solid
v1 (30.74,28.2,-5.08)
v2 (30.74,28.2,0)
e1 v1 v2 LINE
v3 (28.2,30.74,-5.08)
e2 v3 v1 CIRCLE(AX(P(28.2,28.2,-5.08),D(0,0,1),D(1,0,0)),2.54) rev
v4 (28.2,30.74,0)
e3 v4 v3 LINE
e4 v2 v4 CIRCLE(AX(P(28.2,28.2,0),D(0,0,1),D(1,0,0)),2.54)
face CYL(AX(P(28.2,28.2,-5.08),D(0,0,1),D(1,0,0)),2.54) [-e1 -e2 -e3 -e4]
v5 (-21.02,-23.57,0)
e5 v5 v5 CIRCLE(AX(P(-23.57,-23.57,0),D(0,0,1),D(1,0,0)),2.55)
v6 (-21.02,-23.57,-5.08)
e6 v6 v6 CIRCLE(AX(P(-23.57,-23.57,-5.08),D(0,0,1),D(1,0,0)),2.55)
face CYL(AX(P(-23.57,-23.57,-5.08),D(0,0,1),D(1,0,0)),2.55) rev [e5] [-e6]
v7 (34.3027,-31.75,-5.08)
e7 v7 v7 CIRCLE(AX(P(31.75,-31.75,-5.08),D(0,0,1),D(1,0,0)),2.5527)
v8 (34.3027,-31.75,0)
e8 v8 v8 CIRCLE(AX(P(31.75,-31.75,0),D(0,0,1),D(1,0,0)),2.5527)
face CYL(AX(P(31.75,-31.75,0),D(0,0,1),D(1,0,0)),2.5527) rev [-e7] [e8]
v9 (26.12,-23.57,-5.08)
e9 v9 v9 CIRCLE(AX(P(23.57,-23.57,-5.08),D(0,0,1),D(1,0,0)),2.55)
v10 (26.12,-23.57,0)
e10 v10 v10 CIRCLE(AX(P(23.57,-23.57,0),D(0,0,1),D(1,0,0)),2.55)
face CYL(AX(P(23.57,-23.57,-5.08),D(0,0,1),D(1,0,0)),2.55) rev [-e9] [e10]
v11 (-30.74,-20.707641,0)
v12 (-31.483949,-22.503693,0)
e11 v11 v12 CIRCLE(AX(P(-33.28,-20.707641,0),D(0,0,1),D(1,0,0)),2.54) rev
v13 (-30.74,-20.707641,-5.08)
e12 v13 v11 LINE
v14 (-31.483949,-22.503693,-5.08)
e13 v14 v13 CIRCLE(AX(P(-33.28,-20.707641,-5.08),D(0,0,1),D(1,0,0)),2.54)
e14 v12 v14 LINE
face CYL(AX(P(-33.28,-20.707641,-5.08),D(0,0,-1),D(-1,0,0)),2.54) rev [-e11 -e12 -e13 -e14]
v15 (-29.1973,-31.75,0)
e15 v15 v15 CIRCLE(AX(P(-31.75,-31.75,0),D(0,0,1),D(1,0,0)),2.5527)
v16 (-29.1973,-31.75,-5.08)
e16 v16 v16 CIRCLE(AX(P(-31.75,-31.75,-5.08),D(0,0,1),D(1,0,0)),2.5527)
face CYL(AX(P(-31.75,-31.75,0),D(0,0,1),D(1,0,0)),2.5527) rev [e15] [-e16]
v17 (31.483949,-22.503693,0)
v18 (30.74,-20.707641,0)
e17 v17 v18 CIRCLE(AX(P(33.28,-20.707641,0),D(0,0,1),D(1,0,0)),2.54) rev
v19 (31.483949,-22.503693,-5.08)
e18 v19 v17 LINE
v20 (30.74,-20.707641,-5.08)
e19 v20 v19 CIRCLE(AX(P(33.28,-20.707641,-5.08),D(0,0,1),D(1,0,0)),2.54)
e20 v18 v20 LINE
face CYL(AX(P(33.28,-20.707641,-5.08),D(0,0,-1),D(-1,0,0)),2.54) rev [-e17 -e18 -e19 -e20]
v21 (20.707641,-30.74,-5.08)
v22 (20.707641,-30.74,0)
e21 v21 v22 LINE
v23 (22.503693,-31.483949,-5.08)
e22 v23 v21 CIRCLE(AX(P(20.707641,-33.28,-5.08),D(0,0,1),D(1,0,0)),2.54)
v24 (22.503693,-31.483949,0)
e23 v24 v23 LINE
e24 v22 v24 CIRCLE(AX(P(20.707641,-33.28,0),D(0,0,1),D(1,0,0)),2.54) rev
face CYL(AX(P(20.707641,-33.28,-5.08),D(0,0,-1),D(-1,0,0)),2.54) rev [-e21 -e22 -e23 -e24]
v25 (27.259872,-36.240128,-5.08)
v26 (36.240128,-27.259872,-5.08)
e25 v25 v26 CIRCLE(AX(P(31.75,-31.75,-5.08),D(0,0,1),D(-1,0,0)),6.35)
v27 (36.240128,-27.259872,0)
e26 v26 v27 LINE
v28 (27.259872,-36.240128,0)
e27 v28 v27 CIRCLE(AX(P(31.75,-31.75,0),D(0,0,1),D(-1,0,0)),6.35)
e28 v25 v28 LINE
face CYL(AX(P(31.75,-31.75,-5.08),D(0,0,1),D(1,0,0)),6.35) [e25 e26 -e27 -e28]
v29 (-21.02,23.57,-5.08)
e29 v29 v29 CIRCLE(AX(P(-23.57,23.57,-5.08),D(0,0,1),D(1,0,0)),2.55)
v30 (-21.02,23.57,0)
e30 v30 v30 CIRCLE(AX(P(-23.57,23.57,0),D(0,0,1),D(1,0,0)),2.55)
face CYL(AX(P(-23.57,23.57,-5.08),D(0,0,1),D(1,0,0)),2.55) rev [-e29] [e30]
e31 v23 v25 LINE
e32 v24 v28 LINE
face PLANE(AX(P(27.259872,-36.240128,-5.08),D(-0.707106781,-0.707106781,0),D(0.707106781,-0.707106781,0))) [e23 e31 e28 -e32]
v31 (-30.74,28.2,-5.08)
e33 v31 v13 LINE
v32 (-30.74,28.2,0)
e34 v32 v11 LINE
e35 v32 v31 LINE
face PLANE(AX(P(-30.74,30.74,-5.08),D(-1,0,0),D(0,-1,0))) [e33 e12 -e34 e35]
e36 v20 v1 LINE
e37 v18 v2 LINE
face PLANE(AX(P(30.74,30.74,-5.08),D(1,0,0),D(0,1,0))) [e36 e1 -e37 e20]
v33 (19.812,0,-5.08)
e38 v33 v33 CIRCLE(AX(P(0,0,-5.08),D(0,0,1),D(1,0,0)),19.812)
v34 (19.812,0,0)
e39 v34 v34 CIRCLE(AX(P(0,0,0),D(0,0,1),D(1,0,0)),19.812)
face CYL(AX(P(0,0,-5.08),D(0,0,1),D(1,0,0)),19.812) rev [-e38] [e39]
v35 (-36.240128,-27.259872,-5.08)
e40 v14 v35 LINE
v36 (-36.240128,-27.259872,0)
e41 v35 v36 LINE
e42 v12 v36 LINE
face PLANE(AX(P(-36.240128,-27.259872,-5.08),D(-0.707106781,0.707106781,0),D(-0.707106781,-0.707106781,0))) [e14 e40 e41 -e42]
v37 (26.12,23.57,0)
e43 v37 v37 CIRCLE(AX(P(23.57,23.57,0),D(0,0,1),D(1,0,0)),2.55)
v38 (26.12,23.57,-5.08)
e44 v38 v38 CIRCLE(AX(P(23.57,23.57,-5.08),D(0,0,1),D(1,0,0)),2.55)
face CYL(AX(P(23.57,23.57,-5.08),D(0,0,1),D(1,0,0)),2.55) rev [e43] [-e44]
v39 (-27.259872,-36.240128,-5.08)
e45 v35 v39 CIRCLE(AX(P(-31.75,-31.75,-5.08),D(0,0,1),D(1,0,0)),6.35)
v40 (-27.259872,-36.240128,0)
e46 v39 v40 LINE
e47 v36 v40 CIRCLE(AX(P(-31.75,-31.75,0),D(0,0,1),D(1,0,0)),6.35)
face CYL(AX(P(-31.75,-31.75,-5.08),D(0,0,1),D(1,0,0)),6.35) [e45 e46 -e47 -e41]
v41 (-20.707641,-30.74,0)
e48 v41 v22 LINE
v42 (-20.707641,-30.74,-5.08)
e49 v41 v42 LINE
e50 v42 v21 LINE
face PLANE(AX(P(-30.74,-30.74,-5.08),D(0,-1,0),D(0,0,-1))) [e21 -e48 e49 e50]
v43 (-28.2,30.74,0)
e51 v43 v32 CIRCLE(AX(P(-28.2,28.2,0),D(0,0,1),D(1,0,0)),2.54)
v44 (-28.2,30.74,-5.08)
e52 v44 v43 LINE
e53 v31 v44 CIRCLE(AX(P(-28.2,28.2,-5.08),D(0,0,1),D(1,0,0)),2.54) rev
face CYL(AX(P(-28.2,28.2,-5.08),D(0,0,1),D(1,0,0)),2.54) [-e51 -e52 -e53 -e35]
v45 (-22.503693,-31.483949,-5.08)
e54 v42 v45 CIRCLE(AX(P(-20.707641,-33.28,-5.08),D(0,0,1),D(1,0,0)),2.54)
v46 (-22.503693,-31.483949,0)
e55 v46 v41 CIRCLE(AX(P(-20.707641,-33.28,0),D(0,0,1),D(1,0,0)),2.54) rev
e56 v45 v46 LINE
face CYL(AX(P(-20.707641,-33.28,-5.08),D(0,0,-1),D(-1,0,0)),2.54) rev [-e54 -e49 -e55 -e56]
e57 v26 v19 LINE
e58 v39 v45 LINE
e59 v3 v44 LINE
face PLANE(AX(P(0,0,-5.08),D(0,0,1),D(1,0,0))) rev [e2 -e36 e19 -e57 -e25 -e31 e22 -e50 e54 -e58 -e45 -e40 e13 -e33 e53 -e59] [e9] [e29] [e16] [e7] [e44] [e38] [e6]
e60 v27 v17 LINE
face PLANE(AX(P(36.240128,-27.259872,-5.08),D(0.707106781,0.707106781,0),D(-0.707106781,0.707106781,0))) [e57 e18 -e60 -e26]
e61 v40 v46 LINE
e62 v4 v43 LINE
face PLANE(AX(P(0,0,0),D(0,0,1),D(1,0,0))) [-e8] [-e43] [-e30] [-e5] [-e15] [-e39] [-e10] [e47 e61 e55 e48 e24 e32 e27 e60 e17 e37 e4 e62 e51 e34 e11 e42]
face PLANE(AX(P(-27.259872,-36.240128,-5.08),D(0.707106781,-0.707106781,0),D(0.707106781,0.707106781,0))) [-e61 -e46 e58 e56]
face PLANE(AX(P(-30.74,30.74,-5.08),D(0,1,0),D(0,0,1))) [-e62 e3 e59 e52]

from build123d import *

# Parameters (mm, degrees)
SKETCH1_W              = 61.48
SKETCH1_H              = 61.48
SKETCH1_R              = 2.55
SKETCH1_R_2            = 19.812
BOSS_EXTRUDE1_DEPTH    = 5.08
FILLET1_R              = 2.54
BOSS_EXTRUDE2_DEPTH    = 5.08
FILLET2_R              = 2.54
F_10_CLEARANCE_HOLE1_D = 5.1054


with BuildPart() as part:
    # Sketch1 → Boss-Extrude1 (new body)
    with BuildSketch(Plane.XY):
        Rectangle(SKETCH1_W, SKETCH1_H)
        with Locations((-23.570000148, 23.570000149)):
            Circle(SKETCH1_R, mode=Mode.SUBTRACT)
        with Locations((23.569999852, 23.570000149)):
            Circle(SKETCH1_R, mode=Mode.SUBTRACT)
        with Locations((23.569999852, -23.569999851)):
            Circle(SKETCH1_R, mode=Mode.SUBTRACT)
        with Locations((-23.570000148, -23.569999851)):
            Circle(SKETCH1_R, mode=Mode.SUBTRACT)
        with Locations((-1.48e-07, 1.49e-07)):
            Circle(SKETCH1_R_2, mode=Mode.SUBTRACT)
    extrude(amount=-BOSS_EXTRUDE1_DEPTH)

    # Fillet1
    fillet1_edges = [part.edges().sort_by_distance(p)[0] for p in [
        (-30.74, 30.74, -2.54),
        (30.74, 30.74, -2.54),
        (30.74, -30.74, -2.54),
        (-30.74, -30.74, -2.54),
    ]]
    fillet(fillet1_edges, radius=FILLET1_R)

    # Sketch7 → Boss-Extrude2 (add, through all)
    with BuildSketch(Plane.XY):
        with BuildLine():
            Line((-27.259871939, -36.240128061), (-21.759743879, -30.74))
            Line((-21.759743879, -30.74), (-30.74, -21.759743879))
            Line((-30.74, -21.759743879), (-36.240128061, -27.259871939))
            ThreePointArc((-36.240128061, -27.259871939), (-36.240128061, -36.240128061), (-27.259871939, -36.240128061))
        make_face()
        with BuildLine():
            Line((30.74, -21.759743879), (21.759743879, -30.74))
            Line((21.759743879, -30.74), (27.259871939, -36.240128061))
            ThreePointArc((27.259871939, -36.240128061), (36.240128061, -36.240128061), (36.240128061, -27.259871939))
            Line((36.240128061, -27.259871939), (30.74, -21.759743879))
        make_face()
    extrude(amount=-BOSS_EXTRUDE2_DEPTH)

    # Fillet2
    fillet2_edges = [part.edges().sort_by_distance(p)[0] for p in [
        (-30.74, -21.759743879, -2.54),
        (-21.759743879, -30.74, -2.54),
        (21.759743879, -30.74, -2.54),
        (30.74, -21.759743879, -2.54),
    ]]
    fillet(fillet2_edges, radius=FILLET2_R)

    # #10 Clearance Hole1 (through all)
    with Locations(Plane.XY):
        with Locations((-31.75, -31.75), (31.75, -31.75)):
            Hole(F_10_CLEARANCE_HOLE1_D / 2)


solid = part.part
